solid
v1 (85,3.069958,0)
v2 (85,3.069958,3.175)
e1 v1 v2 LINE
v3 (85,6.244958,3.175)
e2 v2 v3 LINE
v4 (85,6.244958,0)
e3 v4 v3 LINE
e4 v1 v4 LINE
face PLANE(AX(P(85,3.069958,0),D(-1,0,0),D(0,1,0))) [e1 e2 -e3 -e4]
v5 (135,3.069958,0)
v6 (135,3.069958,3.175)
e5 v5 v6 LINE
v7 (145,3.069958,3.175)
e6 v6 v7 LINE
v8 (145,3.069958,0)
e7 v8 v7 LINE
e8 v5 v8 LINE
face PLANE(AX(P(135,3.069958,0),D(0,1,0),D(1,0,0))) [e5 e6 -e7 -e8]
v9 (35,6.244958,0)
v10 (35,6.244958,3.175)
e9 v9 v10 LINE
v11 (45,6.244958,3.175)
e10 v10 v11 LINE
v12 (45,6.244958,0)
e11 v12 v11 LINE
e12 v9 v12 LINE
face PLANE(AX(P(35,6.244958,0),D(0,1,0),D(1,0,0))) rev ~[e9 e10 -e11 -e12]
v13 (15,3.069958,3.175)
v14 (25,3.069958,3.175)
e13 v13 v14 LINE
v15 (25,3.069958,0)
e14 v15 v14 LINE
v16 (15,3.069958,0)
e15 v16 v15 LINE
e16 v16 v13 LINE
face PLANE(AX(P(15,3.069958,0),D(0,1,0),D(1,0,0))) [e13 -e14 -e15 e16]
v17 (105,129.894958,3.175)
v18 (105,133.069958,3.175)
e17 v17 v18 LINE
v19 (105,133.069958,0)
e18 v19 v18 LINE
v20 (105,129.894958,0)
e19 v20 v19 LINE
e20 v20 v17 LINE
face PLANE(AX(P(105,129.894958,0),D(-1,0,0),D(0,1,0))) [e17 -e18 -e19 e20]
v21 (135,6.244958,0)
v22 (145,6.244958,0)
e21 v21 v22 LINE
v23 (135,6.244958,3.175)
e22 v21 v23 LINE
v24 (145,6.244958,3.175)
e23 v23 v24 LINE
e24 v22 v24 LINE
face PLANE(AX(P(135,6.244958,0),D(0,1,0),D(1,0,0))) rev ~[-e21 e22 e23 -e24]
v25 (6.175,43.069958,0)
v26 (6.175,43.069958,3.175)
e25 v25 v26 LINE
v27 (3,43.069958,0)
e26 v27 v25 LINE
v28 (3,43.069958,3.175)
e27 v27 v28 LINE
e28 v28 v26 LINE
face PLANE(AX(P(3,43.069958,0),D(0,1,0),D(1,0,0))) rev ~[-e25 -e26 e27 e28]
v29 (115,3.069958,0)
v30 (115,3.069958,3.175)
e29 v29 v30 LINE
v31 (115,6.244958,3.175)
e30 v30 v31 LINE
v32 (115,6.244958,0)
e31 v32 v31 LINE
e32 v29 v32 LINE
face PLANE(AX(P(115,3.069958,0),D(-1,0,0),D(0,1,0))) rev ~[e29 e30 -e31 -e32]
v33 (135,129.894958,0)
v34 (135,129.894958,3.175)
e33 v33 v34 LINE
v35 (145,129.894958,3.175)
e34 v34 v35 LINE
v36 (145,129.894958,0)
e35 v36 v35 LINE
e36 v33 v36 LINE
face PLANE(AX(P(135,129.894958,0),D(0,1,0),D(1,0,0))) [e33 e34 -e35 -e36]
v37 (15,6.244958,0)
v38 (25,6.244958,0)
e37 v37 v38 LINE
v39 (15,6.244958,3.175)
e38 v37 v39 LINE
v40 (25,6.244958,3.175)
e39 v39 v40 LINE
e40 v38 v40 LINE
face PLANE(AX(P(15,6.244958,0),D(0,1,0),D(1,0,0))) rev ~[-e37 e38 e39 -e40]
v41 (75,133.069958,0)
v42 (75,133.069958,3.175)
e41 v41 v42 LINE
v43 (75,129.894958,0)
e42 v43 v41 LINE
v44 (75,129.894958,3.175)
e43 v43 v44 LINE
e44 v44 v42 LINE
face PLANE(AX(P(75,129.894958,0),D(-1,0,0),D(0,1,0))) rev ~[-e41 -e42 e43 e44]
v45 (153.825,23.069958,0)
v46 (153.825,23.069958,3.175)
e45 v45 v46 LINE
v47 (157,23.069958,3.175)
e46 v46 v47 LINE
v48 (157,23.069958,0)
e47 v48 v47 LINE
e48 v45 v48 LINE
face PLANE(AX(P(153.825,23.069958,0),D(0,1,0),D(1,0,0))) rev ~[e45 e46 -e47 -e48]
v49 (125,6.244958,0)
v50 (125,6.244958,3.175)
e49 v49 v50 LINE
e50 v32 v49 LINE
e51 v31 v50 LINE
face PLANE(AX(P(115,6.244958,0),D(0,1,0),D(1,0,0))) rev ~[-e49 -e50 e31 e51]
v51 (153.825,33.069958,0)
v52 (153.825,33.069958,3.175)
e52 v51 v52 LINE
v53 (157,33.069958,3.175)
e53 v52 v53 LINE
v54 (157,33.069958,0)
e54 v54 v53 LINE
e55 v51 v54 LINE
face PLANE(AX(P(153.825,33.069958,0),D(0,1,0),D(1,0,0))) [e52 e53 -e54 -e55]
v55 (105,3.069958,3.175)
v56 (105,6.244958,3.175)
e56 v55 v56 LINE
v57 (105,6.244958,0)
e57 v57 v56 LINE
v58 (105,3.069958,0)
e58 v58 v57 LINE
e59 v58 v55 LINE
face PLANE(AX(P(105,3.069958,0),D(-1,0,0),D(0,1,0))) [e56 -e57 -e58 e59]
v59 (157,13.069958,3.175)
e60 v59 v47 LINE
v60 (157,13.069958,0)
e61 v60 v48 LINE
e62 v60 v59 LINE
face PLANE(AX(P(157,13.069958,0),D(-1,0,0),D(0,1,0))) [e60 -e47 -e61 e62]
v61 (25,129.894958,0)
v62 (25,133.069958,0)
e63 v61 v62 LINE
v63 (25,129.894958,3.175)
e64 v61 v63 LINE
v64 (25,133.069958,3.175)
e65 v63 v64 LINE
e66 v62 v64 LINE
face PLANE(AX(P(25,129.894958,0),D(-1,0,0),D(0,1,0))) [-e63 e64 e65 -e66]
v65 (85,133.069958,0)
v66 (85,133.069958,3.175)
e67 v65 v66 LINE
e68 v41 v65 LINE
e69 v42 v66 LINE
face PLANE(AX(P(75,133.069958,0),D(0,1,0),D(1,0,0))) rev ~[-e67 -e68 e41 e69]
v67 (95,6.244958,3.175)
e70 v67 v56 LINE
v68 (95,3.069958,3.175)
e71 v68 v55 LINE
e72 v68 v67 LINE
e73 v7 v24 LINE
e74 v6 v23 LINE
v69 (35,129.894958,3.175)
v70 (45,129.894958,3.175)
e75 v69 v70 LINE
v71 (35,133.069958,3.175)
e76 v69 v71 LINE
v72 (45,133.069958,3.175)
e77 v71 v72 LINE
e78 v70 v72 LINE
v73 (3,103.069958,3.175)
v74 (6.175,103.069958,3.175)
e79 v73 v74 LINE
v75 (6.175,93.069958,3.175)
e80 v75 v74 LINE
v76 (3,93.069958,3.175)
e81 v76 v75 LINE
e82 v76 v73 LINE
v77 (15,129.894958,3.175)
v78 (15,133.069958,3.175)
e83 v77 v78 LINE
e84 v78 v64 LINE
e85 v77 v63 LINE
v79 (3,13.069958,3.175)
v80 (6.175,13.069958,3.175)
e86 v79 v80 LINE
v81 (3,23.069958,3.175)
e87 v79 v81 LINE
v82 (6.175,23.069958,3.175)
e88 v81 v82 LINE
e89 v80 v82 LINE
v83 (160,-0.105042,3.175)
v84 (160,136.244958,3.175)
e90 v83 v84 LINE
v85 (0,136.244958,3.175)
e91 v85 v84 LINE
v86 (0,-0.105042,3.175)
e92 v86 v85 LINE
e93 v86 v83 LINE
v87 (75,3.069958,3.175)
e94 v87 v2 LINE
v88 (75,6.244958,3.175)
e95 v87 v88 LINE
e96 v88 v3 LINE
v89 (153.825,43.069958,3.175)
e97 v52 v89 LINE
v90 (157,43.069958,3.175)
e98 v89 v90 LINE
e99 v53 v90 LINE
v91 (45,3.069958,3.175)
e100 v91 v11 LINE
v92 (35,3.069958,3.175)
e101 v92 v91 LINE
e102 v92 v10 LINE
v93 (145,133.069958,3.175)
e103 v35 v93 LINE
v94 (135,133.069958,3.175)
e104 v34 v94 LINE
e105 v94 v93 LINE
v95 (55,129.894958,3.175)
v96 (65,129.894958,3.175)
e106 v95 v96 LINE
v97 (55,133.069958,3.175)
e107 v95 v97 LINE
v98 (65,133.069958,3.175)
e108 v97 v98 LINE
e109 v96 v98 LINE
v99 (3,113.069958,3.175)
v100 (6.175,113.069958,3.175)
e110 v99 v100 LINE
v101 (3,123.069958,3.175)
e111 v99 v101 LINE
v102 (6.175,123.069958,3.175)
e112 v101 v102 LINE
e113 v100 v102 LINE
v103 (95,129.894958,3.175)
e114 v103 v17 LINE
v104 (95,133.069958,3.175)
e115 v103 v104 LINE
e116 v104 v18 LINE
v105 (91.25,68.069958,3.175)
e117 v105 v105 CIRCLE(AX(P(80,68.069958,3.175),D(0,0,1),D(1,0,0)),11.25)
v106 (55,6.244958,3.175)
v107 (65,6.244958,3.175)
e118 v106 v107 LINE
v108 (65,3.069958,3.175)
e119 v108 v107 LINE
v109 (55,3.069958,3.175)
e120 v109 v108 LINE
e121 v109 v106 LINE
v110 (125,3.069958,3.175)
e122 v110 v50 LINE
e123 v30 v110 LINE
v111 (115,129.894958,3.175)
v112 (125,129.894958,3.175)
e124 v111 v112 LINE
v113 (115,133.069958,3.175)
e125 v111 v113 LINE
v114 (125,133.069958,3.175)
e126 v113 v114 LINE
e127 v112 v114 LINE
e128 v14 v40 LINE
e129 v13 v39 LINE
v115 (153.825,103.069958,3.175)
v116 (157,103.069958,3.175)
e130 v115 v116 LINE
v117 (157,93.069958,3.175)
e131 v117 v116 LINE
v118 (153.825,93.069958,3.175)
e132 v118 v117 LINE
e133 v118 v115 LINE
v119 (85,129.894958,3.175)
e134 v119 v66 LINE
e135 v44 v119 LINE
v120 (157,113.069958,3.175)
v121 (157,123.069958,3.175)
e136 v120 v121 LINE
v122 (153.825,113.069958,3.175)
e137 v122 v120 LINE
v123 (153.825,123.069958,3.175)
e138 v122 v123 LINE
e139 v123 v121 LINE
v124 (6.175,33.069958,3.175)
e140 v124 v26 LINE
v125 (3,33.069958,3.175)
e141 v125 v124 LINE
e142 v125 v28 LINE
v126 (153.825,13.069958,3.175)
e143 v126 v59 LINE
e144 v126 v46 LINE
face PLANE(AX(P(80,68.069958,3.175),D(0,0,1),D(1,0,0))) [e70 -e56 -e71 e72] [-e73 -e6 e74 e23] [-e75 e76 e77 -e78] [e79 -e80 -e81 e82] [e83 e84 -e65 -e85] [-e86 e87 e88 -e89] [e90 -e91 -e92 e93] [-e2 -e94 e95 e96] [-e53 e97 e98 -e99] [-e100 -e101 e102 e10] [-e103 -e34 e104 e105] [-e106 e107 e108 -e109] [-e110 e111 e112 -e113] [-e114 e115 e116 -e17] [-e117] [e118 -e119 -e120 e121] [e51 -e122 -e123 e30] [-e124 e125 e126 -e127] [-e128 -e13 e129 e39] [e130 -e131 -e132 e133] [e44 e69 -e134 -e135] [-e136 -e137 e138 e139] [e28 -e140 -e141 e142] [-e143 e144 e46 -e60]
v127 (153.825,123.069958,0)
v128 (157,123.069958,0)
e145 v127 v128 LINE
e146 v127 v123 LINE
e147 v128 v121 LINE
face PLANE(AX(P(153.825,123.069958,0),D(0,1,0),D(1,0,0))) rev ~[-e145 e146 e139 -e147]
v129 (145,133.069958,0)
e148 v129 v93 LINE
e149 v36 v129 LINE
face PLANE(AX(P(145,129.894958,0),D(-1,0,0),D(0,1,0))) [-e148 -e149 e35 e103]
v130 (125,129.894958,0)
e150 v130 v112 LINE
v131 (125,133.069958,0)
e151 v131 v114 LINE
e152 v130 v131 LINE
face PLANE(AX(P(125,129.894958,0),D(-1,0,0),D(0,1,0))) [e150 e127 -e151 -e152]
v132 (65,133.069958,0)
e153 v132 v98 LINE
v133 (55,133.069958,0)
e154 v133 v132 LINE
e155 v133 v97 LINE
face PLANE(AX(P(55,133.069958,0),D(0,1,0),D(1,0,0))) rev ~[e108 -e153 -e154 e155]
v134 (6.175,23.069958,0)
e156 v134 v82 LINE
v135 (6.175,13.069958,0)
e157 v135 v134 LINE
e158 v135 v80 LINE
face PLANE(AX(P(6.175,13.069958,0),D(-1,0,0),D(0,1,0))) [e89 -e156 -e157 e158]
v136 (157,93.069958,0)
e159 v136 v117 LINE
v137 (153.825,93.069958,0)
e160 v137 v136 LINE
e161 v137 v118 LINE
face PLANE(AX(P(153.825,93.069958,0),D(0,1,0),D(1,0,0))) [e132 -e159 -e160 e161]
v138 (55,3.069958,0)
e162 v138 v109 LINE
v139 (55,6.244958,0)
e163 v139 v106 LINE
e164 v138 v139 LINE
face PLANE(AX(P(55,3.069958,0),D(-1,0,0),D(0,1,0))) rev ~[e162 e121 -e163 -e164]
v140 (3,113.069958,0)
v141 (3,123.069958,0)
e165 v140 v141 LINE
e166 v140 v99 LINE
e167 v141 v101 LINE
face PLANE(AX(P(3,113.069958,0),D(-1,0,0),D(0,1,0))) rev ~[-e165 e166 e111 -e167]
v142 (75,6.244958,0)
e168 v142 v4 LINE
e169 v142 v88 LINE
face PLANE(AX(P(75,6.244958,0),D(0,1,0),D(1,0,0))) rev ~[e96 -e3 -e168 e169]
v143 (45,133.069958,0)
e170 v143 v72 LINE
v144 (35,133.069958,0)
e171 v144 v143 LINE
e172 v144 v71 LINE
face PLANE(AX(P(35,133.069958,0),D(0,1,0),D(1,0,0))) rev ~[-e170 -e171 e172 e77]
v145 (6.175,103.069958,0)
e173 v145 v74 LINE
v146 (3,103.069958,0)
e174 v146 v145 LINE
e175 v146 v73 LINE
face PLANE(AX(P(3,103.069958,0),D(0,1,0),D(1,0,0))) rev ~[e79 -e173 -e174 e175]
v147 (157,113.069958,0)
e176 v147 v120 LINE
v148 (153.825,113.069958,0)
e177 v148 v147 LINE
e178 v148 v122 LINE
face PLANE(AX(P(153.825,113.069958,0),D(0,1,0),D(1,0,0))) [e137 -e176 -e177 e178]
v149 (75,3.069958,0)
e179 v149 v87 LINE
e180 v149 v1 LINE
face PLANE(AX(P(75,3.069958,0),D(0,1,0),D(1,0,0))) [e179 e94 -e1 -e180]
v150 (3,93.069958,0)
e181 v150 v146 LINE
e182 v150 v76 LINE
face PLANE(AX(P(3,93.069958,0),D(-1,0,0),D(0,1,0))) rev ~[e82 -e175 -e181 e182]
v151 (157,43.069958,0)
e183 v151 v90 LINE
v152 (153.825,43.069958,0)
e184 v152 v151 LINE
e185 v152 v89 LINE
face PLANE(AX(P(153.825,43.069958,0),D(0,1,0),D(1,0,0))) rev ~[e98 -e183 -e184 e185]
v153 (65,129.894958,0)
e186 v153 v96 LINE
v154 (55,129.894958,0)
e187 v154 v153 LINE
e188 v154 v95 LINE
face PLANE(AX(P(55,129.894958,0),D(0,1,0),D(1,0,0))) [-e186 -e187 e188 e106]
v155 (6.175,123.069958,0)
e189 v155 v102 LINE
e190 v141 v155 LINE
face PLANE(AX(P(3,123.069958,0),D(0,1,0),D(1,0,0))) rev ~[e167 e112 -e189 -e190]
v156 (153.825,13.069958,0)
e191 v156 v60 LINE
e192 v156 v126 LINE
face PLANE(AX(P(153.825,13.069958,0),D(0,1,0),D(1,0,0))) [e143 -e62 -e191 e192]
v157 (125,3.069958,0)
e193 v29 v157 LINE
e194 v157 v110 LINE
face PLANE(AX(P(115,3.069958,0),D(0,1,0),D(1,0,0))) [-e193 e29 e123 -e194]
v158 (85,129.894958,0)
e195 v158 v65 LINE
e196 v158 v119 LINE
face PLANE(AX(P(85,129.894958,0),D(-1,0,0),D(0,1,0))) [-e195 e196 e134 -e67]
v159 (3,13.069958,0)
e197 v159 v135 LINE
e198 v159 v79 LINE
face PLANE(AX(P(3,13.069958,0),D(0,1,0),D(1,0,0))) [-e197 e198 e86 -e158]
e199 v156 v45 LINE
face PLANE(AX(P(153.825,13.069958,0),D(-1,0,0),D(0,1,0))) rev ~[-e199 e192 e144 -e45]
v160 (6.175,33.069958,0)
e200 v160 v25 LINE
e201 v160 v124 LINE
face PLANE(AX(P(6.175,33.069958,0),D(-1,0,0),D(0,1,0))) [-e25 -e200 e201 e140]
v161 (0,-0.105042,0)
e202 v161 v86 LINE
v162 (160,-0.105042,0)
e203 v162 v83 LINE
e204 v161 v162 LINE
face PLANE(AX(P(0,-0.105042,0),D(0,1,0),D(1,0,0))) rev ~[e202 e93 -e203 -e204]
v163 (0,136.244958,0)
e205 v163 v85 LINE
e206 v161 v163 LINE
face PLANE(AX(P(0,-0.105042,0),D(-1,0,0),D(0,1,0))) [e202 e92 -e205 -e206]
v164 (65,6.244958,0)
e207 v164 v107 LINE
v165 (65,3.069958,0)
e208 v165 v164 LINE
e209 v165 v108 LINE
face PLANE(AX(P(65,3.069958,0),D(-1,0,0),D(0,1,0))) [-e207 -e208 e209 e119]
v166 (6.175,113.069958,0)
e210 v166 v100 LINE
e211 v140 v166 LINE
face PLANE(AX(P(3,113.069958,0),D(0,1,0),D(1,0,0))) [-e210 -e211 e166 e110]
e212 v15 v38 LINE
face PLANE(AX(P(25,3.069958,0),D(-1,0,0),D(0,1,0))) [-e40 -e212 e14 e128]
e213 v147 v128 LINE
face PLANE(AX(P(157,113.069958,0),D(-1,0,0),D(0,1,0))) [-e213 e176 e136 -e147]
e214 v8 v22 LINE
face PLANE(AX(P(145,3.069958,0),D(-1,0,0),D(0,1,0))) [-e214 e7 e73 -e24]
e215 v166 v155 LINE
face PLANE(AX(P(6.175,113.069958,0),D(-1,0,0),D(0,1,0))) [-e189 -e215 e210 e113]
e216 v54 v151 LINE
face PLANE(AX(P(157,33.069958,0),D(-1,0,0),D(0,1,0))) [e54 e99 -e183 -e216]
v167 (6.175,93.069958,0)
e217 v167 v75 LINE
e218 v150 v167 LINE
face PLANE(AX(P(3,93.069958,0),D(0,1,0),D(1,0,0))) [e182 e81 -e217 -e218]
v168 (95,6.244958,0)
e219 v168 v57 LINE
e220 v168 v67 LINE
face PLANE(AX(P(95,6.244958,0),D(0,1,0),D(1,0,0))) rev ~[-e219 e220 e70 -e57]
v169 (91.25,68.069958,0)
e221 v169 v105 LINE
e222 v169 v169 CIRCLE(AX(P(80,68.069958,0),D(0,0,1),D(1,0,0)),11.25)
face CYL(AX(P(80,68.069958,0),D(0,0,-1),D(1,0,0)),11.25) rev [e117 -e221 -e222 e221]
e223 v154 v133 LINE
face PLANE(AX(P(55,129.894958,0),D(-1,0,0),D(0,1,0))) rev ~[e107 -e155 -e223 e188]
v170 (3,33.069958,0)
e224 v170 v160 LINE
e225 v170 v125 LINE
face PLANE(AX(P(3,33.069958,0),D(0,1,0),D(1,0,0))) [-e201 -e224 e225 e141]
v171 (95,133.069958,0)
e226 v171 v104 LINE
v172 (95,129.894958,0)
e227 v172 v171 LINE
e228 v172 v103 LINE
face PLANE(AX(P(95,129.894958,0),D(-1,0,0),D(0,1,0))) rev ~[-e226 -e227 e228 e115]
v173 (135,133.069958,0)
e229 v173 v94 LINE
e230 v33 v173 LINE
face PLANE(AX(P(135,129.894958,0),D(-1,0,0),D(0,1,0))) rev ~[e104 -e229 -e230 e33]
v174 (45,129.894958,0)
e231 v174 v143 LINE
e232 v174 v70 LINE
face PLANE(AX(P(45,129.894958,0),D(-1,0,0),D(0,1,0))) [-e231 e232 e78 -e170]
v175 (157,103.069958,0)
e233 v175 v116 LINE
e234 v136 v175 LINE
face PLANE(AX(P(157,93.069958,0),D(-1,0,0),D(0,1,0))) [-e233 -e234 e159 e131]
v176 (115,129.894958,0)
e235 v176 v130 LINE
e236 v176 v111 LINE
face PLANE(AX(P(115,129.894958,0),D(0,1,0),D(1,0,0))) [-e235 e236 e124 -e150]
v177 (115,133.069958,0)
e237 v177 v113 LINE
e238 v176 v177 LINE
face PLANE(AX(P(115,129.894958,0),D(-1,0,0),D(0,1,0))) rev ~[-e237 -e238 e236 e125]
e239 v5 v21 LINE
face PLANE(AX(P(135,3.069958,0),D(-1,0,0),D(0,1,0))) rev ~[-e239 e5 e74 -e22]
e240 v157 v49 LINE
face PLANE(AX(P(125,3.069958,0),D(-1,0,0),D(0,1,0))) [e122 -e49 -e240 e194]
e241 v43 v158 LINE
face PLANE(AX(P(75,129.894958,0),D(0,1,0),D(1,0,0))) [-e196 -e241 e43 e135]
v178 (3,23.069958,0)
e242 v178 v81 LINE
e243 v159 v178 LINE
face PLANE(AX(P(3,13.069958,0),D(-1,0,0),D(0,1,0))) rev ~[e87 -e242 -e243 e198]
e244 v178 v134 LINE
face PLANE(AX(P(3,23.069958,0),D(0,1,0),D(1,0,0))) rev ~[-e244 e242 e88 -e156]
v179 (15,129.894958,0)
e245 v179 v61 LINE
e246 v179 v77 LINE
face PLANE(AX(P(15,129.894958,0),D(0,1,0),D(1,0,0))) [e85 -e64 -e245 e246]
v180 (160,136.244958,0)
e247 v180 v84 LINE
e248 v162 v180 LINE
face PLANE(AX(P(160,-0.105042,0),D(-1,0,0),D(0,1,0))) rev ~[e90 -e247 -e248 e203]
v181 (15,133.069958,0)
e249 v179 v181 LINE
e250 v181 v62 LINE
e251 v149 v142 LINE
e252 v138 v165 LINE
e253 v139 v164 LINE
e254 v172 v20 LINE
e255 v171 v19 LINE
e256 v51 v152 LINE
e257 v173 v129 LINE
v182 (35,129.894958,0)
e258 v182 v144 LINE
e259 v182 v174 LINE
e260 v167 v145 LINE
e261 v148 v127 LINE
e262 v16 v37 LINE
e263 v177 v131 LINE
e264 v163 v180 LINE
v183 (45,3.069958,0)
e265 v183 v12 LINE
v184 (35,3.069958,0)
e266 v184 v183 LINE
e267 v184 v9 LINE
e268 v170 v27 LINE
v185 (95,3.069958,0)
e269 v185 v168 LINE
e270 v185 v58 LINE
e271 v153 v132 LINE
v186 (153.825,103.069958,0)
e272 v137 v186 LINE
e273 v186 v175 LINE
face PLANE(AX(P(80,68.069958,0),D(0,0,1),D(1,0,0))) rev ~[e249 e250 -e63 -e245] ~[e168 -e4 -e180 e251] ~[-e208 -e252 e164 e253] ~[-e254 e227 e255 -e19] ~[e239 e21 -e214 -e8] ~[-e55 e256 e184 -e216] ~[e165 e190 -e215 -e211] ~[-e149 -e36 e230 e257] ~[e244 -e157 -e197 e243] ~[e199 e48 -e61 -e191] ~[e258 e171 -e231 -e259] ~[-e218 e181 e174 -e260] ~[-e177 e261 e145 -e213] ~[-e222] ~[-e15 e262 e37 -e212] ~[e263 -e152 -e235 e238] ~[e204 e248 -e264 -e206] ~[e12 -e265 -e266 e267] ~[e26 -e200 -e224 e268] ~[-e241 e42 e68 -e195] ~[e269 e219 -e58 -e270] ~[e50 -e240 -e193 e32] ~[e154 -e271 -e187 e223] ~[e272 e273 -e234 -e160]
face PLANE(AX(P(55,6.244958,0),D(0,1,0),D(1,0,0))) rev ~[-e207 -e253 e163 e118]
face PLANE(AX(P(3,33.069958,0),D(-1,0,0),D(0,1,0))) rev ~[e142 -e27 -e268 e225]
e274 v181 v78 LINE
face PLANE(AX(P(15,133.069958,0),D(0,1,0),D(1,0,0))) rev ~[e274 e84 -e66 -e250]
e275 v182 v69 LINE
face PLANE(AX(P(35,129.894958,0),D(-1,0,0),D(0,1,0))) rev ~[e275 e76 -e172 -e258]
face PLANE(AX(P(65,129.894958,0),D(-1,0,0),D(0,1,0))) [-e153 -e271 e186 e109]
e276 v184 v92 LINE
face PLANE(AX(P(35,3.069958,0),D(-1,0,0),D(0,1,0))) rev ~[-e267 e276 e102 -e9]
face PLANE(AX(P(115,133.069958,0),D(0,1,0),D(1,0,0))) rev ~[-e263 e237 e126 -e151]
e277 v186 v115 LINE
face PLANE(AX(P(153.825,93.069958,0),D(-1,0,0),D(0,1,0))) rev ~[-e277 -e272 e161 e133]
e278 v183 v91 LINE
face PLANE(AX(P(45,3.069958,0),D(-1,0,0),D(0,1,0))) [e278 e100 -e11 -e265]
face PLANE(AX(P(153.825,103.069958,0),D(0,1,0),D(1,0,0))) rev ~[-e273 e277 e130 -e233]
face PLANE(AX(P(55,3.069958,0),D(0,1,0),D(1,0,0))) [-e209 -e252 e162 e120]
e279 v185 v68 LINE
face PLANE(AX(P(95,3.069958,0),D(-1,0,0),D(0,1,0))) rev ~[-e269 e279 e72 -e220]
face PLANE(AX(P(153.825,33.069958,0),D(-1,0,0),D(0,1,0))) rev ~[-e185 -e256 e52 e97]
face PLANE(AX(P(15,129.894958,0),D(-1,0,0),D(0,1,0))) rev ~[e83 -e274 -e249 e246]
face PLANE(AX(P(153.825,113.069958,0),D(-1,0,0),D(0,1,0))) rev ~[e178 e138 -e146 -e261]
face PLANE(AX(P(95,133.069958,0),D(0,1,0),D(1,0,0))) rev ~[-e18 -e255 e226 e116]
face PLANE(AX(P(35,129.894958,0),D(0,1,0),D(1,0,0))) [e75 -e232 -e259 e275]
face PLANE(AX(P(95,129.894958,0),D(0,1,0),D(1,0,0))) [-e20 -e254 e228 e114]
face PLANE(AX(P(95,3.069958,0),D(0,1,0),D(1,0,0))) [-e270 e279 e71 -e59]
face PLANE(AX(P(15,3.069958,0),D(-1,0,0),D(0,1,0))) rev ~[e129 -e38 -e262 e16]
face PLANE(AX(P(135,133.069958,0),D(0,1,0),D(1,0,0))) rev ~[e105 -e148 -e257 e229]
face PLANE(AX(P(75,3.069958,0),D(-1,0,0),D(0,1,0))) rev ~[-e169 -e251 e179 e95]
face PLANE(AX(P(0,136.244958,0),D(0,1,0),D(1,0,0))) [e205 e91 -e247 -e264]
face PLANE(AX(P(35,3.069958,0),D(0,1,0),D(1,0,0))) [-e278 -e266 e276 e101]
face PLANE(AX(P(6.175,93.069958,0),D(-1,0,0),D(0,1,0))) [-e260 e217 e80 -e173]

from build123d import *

# Parameters (mm, degrees)
SKETCH1_W           = 160
SKETCH1_H           = 136.35
SKETCH1_R           = 11.25
SKETCH1_W_2         = 10
SKETCH1_H_2         = 3.175
SKETCH1_W_3         = 3.175
SKETCH1_H_3         = 10
BOSS_EXTRUDE1_DEPTH = 3.175


with BuildPart() as part:
    # Sketch1 → Boss-Extrude1 (new body)
    with BuildSketch(Plane.XY):
        with Locations((80, 68.069958461)):
            Rectangle(SKETCH1_W, SKETCH1_H)
        with Locations((80, 68.069958461)):
            Circle(SKETCH1_R, mode=Mode.SUBTRACT)
        with Locations((40, 131.482458461)):
            Rectangle(SKETCH1_W_2, SKETCH1_H_2, mode=Mode.SUBTRACT)
        with Locations((20, 131.482458461)):
            Rectangle(SKETCH1_W_2, SKETCH1_H_2, mode=Mode.SUBTRACT)
        with Locations((60, 131.482458461)):
            Rectangle(SKETCH1_W_2, SKETCH1_H_2, mode=Mode.SUBTRACT)
        with Locations((80, 131.482458461)):
            Rectangle(SKETCH1_W_2, SKETCH1_H_2, mode=Mode.SUBTRACT)
        with Locations((100, 131.482458461)):
            Rectangle(SKETCH1_W_2, SKETCH1_H_2, mode=Mode.SUBTRACT)
        with Locations((120, 131.482458461)):
            Rectangle(SKETCH1_W_2, SKETCH1_H_2, mode=Mode.SUBTRACT)
        with Locations((140, 131.482458461)):
            Rectangle(SKETCH1_W_2, SKETCH1_H_2, mode=Mode.SUBTRACT)
        with Locations((140, 4.657458461)):
            Rectangle(SKETCH1_W_2, SKETCH1_H_2, mode=Mode.SUBTRACT)
        with Locations((120, 4.657458461)):
            Rectangle(SKETCH1_W_2, SKETCH1_H_2, mode=Mode.SUBTRACT)
        with Locations((100, 4.657458461)):
            Rectangle(SKETCH1_W_2, SKETCH1_H_2, mode=Mode.SUBTRACT)
        with Locations((80, 4.657458461)):
            Rectangle(SKETCH1_W_2, SKETCH1_H_2, mode=Mode.SUBTRACT)
        with Locations((60, 4.657458461)):
            Rectangle(SKETCH1_W_2, SKETCH1_H_2, mode=Mode.SUBTRACT)
        with Locations((40, 4.657458461)):
            Rectangle(SKETCH1_W_2, SKETCH1_H_2, mode=Mode.SUBTRACT)
        with Locations((20, 4.657458461)):
            Rectangle(SKETCH1_W_2, SKETCH1_H_2, mode=Mode.SUBTRACT)
        with Locations((4.5875, 38.069958461)):
            Rectangle(SKETCH1_W_3, SKETCH1_H_3, mode=Mode.SUBTRACT)
        with Locations((4.5875, 98.069958461)):
            Rectangle(SKETCH1_W_3, SKETCH1_H_3, mode=Mode.SUBTRACT)
        with Locations((4.5875, 118.069958461)):
            Rectangle(SKETCH1_W_3, SKETCH1_H_3, mode=Mode.SUBTRACT)
        with Locations((4.5875, 18.069958461)):
            Rectangle(SKETCH1_W_3, SKETCH1_H_3, mode=Mode.SUBTRACT)
        with Locations((155.4125, 18.069958461)):
            Rectangle(SKETCH1_W_3, SKETCH1_H_3, mode=Mode.SUBTRACT)
        with Locations((155.4125, 38.069958461)):
            Rectangle(SKETCH1_W_3, SKETCH1_H_3, mode=Mode.SUBTRACT)
        with Locations((155.4125, 98.069958461)):
            Rectangle(SKETCH1_W_3, SKETCH1_H_3, mode=Mode.SUBTRACT)
        with Locations((155.4125, 118.069958461)):
            Rectangle(SKETCH1_W_3, SKETCH1_H_3, mode=Mode.SUBTRACT)
    extrude(amount=BOSS_EXTRUDE1_DEPTH)


solid = part.part
